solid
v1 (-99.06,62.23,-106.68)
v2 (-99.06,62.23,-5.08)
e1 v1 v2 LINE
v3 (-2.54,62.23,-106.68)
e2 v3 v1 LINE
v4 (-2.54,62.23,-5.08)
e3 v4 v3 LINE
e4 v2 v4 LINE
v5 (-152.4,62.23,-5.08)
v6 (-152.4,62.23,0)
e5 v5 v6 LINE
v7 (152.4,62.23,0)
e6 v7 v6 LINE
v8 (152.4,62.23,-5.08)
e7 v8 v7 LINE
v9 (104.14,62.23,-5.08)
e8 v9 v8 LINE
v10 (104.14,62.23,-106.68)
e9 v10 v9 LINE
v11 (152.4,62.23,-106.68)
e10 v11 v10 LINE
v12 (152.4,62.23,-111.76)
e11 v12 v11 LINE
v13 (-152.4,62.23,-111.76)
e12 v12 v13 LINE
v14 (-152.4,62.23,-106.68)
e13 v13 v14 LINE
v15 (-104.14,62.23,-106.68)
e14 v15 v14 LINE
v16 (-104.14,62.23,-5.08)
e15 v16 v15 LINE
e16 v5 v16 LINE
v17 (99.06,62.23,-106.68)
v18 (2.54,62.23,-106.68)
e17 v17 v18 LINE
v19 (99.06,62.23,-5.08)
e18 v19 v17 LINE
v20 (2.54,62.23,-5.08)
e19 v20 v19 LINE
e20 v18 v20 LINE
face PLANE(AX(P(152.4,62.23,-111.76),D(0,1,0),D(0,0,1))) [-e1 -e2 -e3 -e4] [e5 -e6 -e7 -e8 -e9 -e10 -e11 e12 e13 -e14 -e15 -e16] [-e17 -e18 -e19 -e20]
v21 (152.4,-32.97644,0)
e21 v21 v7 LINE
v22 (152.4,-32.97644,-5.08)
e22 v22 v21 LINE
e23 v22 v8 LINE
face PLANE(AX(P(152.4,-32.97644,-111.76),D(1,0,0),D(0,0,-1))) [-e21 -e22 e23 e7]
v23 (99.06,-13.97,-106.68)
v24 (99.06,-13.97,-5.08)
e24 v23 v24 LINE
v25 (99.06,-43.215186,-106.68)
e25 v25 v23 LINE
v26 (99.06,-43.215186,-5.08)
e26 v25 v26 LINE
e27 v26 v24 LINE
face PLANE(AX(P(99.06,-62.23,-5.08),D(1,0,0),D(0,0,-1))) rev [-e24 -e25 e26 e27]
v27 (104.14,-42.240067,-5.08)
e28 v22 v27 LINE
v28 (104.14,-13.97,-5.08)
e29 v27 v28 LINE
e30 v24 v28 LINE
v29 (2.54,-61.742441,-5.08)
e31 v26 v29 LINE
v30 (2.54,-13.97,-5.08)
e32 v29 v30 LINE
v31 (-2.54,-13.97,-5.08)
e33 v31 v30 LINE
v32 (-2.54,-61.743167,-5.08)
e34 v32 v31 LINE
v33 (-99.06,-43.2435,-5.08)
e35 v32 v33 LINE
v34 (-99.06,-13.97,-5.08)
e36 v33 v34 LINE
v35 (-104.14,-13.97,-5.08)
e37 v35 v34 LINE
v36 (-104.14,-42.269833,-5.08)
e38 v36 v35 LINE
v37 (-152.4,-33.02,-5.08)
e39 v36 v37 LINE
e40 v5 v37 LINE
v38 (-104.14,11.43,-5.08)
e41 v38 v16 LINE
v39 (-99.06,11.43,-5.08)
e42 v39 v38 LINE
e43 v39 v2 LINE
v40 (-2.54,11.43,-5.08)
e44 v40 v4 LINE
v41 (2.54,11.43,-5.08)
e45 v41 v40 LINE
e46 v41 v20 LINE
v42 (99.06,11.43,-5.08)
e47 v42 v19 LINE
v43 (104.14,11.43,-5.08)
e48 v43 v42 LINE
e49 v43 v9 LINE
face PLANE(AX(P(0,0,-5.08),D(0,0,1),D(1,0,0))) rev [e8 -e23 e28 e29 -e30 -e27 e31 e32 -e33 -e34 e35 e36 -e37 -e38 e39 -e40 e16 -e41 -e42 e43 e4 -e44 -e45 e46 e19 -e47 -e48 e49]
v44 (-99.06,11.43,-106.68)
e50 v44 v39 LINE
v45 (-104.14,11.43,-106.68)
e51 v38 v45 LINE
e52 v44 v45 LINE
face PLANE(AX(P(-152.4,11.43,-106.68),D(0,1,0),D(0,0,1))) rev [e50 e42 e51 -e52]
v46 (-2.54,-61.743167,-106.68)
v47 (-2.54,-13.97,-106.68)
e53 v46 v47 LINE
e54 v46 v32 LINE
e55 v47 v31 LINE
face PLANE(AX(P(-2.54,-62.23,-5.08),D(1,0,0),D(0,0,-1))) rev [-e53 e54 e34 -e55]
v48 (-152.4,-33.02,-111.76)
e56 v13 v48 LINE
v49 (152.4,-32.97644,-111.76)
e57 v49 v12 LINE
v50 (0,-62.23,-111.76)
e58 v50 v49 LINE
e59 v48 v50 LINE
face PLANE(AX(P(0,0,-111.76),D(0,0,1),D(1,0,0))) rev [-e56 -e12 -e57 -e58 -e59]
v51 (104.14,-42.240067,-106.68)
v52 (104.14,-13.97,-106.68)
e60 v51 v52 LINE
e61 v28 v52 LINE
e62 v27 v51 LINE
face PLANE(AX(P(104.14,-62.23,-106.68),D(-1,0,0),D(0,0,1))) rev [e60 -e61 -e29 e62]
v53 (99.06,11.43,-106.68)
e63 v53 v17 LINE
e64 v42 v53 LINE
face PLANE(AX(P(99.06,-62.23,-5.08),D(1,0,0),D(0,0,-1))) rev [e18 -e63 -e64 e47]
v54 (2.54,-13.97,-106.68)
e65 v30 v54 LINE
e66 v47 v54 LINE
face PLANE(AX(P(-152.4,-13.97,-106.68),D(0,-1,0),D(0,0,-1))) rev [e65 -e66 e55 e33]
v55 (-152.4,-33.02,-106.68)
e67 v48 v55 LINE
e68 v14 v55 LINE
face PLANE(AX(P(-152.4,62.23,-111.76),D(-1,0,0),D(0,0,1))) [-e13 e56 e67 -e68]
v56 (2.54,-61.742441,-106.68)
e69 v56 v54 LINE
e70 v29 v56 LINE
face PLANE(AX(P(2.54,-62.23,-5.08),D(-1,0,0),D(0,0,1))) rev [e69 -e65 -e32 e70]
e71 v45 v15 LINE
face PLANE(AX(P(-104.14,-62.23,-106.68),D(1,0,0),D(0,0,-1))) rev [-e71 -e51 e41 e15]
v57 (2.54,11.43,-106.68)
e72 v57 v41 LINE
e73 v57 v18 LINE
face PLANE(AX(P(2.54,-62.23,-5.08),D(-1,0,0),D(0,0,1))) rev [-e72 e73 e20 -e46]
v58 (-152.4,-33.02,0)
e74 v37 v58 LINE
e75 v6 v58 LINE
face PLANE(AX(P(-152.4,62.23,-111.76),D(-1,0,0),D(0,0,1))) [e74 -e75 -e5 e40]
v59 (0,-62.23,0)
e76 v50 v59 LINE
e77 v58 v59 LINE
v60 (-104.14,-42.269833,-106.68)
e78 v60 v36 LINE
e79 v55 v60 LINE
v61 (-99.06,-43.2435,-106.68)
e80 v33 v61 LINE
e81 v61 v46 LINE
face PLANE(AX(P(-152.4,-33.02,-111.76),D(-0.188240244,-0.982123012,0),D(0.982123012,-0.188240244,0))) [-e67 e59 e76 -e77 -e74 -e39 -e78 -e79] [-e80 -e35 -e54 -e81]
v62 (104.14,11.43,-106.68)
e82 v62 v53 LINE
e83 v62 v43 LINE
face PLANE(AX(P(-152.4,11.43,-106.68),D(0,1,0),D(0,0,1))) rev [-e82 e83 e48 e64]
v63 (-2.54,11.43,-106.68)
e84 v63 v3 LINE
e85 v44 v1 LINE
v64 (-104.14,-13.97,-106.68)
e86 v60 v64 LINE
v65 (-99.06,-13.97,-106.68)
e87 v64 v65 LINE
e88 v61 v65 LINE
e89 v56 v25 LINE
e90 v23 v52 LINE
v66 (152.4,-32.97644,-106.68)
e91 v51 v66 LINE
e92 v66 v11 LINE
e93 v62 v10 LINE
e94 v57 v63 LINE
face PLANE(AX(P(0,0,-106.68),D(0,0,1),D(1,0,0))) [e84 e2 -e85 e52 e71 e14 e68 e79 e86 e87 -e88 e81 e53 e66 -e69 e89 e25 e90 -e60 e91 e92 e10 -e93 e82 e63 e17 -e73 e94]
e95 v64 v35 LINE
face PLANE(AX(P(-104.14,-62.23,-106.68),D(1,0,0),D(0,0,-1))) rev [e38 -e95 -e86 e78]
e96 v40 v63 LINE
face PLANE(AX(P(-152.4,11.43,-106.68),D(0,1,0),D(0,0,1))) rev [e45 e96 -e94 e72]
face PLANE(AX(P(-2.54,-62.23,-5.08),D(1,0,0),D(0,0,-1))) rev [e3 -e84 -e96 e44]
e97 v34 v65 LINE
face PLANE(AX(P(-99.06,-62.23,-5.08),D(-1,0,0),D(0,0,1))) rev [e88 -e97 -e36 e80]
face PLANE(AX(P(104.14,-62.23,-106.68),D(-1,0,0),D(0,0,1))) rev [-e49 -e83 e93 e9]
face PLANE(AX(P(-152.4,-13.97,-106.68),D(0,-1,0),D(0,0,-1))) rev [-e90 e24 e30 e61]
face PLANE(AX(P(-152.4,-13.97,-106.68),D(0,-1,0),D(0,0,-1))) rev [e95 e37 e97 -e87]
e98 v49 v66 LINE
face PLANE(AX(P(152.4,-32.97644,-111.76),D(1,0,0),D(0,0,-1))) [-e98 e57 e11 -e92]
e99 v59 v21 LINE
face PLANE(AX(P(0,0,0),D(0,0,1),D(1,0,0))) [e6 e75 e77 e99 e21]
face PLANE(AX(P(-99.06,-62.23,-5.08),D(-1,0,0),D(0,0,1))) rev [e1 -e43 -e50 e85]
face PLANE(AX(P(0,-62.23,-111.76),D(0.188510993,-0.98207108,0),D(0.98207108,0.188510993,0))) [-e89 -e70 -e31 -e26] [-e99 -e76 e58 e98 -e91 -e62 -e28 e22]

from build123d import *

# Parameters (mm, degrees)
BOSS_EXTRUDE1_DEPTH     = 111.76
SKETCH5_W               = 304.8
SKETCH5_H               = 25.4
CUT_EXTRUDE3_DEPTH      = 101.6
CUT_EXTRUDE4_DEPTH      = 227.288199427
CUT_EXTRUDE4_DEPTH_BACK = 227.288199427
SKETCH3_W               = 96.52
SKETCH3_H               = 101.6
SKETCH3_W_2             = 48.26


with BuildPart() as part:
    # Sketch1 → Boss-Extrude1 (new body)
    with BuildSketch(Plane.XY):
        Polygon((-152.4, 62.23), (-152.4, -33.02), (0, -62.23), (152.4, -32.976439839), (152.4, 62.23), align=None)
    extrude(amount=-BOSS_EXTRUDE1_DEPTH)

    # Sketch5 → Cut-Extrude3 (cut)
    with BuildSketch(Plane.XY.offset(-5.08)):
        with Locations((0, -1.27)):
            Rectangle(SKETCH5_W, SKETCH5_H)
    extrude(amount=-CUT_EXTRUDE3_DEPTH, mode=Mode.SUBTRACT)

    # Sketch3 → Cut-Extrude4 (cut, two sides: drawn at the far end of the back side and taken through both)
    with BuildSketch(Plane(origin=(0, 62.23, 0), x_dir=(1, 0, 0), z_dir=(0, 1, 0)).offset(-CUT_EXTRUDE4_DEPTH_BACK)):
        with Locations((-50.8, 55.88)):
            Rectangle(SKETCH3_W, SKETCH3_H)
        with Locations((50.8, 55.88)):
            Rectangle(SKETCH3_W, SKETCH3_H)
        with Locations((-128.27, 55.88)):
            Rectangle(SKETCH3_W_2, SKETCH3_H)
        with Locations((128.27, 55.88)):
            Rectangle(SKETCH3_W_2, SKETCH3_H)
    extrude(amount=CUT_EXTRUDE4_DEPTH + CUT_EXTRUDE4_DEPTH_BACK, mode=Mode.SUBTRACT)


solid = part.part
